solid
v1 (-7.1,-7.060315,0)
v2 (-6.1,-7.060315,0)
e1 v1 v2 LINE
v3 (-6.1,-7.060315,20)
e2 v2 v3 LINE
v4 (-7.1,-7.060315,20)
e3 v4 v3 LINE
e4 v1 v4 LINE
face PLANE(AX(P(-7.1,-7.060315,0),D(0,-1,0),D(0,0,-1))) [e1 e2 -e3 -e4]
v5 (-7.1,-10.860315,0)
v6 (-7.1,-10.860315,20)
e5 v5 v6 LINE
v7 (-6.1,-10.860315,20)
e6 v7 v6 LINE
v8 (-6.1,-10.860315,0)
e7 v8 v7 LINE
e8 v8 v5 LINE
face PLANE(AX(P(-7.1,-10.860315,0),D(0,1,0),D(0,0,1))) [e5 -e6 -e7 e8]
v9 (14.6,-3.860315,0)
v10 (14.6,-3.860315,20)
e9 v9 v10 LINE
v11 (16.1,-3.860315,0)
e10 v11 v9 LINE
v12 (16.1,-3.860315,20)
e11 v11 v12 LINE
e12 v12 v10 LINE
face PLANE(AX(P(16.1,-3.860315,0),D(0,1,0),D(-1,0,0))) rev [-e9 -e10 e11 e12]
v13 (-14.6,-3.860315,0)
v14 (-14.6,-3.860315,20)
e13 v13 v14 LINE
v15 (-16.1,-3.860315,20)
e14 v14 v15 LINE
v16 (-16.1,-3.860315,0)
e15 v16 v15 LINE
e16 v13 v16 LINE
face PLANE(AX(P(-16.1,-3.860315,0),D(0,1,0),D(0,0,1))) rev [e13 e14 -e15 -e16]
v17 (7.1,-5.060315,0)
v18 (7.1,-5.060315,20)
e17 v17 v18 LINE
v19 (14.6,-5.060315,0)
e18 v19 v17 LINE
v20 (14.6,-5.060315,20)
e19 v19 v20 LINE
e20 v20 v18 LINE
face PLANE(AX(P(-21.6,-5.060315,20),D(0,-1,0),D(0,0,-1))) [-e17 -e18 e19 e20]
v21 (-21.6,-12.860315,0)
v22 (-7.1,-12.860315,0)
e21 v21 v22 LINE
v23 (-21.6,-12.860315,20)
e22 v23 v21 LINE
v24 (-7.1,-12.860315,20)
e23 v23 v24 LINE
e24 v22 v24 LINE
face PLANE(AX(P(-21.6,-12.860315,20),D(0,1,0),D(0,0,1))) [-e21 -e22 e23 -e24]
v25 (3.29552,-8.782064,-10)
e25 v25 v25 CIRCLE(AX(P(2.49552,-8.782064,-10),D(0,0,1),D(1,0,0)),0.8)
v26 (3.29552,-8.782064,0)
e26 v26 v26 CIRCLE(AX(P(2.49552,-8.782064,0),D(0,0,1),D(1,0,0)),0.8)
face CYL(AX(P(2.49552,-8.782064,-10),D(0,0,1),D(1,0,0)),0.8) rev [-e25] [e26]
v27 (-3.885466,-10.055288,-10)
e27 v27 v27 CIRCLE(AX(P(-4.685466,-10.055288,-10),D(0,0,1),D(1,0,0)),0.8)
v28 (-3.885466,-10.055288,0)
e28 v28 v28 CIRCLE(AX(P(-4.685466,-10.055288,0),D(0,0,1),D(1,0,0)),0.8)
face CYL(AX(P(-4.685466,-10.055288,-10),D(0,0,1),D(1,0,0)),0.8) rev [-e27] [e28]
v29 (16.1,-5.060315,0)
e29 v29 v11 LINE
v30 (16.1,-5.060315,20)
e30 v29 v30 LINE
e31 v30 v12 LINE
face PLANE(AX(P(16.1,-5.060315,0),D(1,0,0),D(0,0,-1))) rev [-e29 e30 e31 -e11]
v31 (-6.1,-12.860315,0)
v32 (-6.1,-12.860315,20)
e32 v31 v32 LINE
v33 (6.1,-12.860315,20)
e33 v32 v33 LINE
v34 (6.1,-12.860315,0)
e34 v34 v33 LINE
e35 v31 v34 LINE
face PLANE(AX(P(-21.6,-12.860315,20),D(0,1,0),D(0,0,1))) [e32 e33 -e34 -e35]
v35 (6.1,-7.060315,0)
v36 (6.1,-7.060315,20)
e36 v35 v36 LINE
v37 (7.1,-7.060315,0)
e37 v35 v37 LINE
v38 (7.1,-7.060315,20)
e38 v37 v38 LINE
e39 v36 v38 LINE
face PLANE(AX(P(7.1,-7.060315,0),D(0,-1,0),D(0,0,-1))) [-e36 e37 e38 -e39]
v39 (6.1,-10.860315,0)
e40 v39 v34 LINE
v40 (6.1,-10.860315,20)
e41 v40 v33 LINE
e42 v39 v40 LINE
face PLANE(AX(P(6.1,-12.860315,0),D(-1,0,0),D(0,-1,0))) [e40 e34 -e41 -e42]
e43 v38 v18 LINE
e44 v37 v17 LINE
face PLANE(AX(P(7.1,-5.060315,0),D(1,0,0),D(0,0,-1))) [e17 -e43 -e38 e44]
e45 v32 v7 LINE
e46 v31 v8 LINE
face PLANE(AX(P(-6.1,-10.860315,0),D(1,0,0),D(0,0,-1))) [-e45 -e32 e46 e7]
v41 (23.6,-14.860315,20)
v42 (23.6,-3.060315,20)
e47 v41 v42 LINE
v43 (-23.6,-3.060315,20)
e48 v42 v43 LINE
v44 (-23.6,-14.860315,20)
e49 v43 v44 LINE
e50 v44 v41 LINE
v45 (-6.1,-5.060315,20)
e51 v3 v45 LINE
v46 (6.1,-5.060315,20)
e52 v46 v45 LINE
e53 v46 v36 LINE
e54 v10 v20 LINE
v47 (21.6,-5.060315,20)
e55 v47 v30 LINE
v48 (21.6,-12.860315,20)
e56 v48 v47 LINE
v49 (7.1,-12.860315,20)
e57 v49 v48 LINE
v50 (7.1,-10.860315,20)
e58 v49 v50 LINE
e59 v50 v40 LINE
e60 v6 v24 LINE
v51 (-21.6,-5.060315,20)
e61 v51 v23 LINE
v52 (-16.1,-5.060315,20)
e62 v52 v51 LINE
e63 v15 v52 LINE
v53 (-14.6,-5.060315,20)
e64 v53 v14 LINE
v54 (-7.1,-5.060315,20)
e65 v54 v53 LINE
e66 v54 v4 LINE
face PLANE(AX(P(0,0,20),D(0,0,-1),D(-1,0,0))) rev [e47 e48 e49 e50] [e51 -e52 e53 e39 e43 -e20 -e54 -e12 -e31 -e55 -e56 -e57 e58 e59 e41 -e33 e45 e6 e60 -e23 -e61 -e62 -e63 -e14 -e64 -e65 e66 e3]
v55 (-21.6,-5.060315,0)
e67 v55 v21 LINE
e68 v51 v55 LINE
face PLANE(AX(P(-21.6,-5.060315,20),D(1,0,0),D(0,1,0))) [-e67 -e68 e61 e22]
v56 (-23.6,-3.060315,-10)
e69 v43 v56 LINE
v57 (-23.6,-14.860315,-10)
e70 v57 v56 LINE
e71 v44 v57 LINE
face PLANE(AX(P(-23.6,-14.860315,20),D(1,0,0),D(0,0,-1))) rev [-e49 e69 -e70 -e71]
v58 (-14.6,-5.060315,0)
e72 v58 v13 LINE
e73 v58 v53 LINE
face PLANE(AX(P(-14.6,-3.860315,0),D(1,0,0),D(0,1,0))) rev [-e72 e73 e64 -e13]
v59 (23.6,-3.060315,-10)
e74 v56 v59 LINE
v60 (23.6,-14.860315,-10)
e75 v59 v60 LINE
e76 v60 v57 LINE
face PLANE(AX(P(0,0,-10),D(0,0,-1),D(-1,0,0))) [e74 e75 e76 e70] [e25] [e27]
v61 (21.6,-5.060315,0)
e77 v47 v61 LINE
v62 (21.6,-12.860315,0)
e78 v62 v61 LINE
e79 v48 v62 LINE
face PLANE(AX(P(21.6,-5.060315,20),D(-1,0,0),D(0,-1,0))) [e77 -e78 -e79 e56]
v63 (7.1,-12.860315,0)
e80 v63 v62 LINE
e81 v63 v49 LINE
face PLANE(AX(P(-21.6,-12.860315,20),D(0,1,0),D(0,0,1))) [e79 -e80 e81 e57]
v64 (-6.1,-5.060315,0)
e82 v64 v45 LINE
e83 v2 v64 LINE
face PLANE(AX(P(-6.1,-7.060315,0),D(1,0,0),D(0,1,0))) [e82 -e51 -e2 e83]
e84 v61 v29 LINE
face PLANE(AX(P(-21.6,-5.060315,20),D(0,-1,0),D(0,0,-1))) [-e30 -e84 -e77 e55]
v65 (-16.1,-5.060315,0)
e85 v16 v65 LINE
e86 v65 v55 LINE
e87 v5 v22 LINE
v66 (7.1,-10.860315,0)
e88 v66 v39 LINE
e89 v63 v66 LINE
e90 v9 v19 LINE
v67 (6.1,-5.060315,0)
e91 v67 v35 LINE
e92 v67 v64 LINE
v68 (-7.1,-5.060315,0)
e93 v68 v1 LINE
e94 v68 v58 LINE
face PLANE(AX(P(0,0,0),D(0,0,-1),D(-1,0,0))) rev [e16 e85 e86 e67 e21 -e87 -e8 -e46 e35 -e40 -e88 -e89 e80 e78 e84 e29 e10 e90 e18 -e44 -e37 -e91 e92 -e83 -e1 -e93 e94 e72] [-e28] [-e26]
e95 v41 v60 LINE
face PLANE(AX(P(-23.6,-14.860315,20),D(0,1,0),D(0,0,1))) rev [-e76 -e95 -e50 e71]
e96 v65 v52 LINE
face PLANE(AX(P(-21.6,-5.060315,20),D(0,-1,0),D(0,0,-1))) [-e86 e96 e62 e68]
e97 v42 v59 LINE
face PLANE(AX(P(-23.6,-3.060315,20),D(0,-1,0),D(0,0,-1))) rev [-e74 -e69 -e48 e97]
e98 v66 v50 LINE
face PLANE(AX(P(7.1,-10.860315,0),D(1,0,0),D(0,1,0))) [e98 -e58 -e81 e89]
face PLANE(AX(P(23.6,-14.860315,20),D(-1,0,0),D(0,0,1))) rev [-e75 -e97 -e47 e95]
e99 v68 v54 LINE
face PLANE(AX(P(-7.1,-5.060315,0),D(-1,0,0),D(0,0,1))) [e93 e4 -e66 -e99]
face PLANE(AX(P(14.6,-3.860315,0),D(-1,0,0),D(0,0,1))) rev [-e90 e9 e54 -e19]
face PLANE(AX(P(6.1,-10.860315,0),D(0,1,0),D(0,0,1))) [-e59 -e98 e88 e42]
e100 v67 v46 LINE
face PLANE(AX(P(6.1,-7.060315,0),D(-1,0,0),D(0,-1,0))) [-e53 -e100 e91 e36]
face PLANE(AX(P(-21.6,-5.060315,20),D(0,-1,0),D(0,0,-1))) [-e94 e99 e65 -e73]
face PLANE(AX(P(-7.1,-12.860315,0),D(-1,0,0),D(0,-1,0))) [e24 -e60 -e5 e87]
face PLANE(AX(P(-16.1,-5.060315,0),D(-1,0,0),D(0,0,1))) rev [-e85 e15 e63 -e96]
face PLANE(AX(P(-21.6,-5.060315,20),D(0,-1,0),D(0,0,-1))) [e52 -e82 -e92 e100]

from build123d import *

# Parameters (mm, degrees)
CROQUIS1_W                = 47.2
CROQUIS1_H                = 11.8
CROQUIS1_W_2              = 43.2
CROQUIS1_H_2              = 7.8
SALIENTE_EXTRUIR1_DEPTH   = 20
CROQUIS2_W                = 1.5
CROQUIS2_H                = 1.2
CORTAR_EXTRUIR1_DEPTH     = 20
CROQUIS3_W                = 1
CROQUIS3_H                = 2
SALIENTE_EXTRUIR2_DEPTH   = 20
SALIENTE_EXTRUIR2_2_DEPTH = 20
SALIENTE_EXTRUIR2_3_DEPTH = 20
SALIENTE_EXTRUIR2_4_DEPTH = 20
CROQUIS5_W                = 47.2
CROQUIS5_H                = 11.8
SALIENTE_EXTRUIR3_DEPTH   = 10
CROQUIS6_R                = 0.8
CORTAR_EXTRUIR2_DEPTH     = 10


with BuildPart() as part:
    # Croquis1 → Saliente-Extruir1 (new body)
    with BuildSketch(Plane.XY):
        with Locations((0, -8.96031539)):
            Rectangle(CROQUIS1_W, CROQUIS1_H)
        with Locations((0, -8.96031539)):
            Rectangle(CROQUIS1_W_2, CROQUIS1_H_2, mode=Mode.SUBTRACT)
    extrude(amount=SALIENTE_EXTRUIR1_DEPTH)

    # Croquis2 → Cortar-Extruir1 (cut)
    with BuildSketch(Plane.XY.offset(20)):
        with Locations((-15.35, -4.46031539)):
            Rectangle(CROQUIS2_W, CROQUIS2_H)
        with Locations((15.35, -4.46031539)):
            Rectangle(CROQUIS2_W, CROQUIS2_H)
    extrude(amount=-CORTAR_EXTRUIR1_DEPTH, mode=Mode.SUBTRACT)



with BuildPart() as body_2:
    # Croquis3 → Saliente-Extruir2 (new body)
    with BuildSketch(Plane.XY.offset(20)):
        with Locations((-6.6, -6.06031539)):
            Rectangle(CROQUIS3_W, CROQUIS3_H)
    extrude(amount=-SALIENTE_EXTRUIR2_DEPTH)


with BuildPart() as body_3:
    # Croquis3 → Saliente-Extruir2 2 (new body)
    with BuildSketch(Plane.XY.offset(20)):
        with Locations((6.6, -6.06031539)):
            Rectangle(CROQUIS3_W, CROQUIS3_H)
    extrude(amount=-SALIENTE_EXTRUIR2_2_DEPTH)


with BuildPart() as body_4:
    # Croquis3 → Saliente-Extruir2 3 (new body)
    with BuildSketch(Plane.XY.offset(20)):
        with Locations((-6.6, -11.86031539)):
            Rectangle(CROQUIS3_W, CROQUIS3_H)
    extrude(amount=-SALIENTE_EXTRUIR2_3_DEPTH)


with BuildPart() as body_5:
    # Croquis3 → Saliente-Extruir2 4 (new body)
    with BuildSketch(Plane.XY.offset(20)):
        with Locations((6.6, -11.86031539)):
            Rectangle(CROQUIS3_W, CROQUIS3_H)
    extrude(amount=-SALIENTE_EXTRUIR2_4_DEPTH)


with BuildPart() as part_1:
    add(part.part)

    add(body_2.part)  # Saliente-Extruir3 merges body 2

    add(body_3.part)  # Saliente-Extruir3 merges body 3

    add(body_4.part)  # Saliente-Extruir3 merges body 4

    add(body_5.part)  # Saliente-Extruir3 merges body 5
    # Croquis5 → Saliente-Extruir3 (add)
    with BuildSketch(Plane(origin=(0, 0, 0), x_dir=(-1, 0, 0), z_dir=(0, 0, -1))):
        with Locations((0, -8.96031539)):
            Rectangle(CROQUIS5_W, CROQUIS5_H)
    extrude(amount=SALIENTE_EXTRUIR3_DEPTH)

    # Croquis6 → Cortar-Extruir2 (cut)
    with BuildSketch(Plane.XY):
        with Locations((-4.685466197, -10.055288468)):
            Circle(CROQUIS6_R)
        with Locations((2.49552004, -8.782063958)):
            Circle(CROQUIS6_R)
    extrude(amount=-CORTAR_EXTRUIR2_DEPTH, mode=Mode.SUBTRACT)


solid = part_1.part
